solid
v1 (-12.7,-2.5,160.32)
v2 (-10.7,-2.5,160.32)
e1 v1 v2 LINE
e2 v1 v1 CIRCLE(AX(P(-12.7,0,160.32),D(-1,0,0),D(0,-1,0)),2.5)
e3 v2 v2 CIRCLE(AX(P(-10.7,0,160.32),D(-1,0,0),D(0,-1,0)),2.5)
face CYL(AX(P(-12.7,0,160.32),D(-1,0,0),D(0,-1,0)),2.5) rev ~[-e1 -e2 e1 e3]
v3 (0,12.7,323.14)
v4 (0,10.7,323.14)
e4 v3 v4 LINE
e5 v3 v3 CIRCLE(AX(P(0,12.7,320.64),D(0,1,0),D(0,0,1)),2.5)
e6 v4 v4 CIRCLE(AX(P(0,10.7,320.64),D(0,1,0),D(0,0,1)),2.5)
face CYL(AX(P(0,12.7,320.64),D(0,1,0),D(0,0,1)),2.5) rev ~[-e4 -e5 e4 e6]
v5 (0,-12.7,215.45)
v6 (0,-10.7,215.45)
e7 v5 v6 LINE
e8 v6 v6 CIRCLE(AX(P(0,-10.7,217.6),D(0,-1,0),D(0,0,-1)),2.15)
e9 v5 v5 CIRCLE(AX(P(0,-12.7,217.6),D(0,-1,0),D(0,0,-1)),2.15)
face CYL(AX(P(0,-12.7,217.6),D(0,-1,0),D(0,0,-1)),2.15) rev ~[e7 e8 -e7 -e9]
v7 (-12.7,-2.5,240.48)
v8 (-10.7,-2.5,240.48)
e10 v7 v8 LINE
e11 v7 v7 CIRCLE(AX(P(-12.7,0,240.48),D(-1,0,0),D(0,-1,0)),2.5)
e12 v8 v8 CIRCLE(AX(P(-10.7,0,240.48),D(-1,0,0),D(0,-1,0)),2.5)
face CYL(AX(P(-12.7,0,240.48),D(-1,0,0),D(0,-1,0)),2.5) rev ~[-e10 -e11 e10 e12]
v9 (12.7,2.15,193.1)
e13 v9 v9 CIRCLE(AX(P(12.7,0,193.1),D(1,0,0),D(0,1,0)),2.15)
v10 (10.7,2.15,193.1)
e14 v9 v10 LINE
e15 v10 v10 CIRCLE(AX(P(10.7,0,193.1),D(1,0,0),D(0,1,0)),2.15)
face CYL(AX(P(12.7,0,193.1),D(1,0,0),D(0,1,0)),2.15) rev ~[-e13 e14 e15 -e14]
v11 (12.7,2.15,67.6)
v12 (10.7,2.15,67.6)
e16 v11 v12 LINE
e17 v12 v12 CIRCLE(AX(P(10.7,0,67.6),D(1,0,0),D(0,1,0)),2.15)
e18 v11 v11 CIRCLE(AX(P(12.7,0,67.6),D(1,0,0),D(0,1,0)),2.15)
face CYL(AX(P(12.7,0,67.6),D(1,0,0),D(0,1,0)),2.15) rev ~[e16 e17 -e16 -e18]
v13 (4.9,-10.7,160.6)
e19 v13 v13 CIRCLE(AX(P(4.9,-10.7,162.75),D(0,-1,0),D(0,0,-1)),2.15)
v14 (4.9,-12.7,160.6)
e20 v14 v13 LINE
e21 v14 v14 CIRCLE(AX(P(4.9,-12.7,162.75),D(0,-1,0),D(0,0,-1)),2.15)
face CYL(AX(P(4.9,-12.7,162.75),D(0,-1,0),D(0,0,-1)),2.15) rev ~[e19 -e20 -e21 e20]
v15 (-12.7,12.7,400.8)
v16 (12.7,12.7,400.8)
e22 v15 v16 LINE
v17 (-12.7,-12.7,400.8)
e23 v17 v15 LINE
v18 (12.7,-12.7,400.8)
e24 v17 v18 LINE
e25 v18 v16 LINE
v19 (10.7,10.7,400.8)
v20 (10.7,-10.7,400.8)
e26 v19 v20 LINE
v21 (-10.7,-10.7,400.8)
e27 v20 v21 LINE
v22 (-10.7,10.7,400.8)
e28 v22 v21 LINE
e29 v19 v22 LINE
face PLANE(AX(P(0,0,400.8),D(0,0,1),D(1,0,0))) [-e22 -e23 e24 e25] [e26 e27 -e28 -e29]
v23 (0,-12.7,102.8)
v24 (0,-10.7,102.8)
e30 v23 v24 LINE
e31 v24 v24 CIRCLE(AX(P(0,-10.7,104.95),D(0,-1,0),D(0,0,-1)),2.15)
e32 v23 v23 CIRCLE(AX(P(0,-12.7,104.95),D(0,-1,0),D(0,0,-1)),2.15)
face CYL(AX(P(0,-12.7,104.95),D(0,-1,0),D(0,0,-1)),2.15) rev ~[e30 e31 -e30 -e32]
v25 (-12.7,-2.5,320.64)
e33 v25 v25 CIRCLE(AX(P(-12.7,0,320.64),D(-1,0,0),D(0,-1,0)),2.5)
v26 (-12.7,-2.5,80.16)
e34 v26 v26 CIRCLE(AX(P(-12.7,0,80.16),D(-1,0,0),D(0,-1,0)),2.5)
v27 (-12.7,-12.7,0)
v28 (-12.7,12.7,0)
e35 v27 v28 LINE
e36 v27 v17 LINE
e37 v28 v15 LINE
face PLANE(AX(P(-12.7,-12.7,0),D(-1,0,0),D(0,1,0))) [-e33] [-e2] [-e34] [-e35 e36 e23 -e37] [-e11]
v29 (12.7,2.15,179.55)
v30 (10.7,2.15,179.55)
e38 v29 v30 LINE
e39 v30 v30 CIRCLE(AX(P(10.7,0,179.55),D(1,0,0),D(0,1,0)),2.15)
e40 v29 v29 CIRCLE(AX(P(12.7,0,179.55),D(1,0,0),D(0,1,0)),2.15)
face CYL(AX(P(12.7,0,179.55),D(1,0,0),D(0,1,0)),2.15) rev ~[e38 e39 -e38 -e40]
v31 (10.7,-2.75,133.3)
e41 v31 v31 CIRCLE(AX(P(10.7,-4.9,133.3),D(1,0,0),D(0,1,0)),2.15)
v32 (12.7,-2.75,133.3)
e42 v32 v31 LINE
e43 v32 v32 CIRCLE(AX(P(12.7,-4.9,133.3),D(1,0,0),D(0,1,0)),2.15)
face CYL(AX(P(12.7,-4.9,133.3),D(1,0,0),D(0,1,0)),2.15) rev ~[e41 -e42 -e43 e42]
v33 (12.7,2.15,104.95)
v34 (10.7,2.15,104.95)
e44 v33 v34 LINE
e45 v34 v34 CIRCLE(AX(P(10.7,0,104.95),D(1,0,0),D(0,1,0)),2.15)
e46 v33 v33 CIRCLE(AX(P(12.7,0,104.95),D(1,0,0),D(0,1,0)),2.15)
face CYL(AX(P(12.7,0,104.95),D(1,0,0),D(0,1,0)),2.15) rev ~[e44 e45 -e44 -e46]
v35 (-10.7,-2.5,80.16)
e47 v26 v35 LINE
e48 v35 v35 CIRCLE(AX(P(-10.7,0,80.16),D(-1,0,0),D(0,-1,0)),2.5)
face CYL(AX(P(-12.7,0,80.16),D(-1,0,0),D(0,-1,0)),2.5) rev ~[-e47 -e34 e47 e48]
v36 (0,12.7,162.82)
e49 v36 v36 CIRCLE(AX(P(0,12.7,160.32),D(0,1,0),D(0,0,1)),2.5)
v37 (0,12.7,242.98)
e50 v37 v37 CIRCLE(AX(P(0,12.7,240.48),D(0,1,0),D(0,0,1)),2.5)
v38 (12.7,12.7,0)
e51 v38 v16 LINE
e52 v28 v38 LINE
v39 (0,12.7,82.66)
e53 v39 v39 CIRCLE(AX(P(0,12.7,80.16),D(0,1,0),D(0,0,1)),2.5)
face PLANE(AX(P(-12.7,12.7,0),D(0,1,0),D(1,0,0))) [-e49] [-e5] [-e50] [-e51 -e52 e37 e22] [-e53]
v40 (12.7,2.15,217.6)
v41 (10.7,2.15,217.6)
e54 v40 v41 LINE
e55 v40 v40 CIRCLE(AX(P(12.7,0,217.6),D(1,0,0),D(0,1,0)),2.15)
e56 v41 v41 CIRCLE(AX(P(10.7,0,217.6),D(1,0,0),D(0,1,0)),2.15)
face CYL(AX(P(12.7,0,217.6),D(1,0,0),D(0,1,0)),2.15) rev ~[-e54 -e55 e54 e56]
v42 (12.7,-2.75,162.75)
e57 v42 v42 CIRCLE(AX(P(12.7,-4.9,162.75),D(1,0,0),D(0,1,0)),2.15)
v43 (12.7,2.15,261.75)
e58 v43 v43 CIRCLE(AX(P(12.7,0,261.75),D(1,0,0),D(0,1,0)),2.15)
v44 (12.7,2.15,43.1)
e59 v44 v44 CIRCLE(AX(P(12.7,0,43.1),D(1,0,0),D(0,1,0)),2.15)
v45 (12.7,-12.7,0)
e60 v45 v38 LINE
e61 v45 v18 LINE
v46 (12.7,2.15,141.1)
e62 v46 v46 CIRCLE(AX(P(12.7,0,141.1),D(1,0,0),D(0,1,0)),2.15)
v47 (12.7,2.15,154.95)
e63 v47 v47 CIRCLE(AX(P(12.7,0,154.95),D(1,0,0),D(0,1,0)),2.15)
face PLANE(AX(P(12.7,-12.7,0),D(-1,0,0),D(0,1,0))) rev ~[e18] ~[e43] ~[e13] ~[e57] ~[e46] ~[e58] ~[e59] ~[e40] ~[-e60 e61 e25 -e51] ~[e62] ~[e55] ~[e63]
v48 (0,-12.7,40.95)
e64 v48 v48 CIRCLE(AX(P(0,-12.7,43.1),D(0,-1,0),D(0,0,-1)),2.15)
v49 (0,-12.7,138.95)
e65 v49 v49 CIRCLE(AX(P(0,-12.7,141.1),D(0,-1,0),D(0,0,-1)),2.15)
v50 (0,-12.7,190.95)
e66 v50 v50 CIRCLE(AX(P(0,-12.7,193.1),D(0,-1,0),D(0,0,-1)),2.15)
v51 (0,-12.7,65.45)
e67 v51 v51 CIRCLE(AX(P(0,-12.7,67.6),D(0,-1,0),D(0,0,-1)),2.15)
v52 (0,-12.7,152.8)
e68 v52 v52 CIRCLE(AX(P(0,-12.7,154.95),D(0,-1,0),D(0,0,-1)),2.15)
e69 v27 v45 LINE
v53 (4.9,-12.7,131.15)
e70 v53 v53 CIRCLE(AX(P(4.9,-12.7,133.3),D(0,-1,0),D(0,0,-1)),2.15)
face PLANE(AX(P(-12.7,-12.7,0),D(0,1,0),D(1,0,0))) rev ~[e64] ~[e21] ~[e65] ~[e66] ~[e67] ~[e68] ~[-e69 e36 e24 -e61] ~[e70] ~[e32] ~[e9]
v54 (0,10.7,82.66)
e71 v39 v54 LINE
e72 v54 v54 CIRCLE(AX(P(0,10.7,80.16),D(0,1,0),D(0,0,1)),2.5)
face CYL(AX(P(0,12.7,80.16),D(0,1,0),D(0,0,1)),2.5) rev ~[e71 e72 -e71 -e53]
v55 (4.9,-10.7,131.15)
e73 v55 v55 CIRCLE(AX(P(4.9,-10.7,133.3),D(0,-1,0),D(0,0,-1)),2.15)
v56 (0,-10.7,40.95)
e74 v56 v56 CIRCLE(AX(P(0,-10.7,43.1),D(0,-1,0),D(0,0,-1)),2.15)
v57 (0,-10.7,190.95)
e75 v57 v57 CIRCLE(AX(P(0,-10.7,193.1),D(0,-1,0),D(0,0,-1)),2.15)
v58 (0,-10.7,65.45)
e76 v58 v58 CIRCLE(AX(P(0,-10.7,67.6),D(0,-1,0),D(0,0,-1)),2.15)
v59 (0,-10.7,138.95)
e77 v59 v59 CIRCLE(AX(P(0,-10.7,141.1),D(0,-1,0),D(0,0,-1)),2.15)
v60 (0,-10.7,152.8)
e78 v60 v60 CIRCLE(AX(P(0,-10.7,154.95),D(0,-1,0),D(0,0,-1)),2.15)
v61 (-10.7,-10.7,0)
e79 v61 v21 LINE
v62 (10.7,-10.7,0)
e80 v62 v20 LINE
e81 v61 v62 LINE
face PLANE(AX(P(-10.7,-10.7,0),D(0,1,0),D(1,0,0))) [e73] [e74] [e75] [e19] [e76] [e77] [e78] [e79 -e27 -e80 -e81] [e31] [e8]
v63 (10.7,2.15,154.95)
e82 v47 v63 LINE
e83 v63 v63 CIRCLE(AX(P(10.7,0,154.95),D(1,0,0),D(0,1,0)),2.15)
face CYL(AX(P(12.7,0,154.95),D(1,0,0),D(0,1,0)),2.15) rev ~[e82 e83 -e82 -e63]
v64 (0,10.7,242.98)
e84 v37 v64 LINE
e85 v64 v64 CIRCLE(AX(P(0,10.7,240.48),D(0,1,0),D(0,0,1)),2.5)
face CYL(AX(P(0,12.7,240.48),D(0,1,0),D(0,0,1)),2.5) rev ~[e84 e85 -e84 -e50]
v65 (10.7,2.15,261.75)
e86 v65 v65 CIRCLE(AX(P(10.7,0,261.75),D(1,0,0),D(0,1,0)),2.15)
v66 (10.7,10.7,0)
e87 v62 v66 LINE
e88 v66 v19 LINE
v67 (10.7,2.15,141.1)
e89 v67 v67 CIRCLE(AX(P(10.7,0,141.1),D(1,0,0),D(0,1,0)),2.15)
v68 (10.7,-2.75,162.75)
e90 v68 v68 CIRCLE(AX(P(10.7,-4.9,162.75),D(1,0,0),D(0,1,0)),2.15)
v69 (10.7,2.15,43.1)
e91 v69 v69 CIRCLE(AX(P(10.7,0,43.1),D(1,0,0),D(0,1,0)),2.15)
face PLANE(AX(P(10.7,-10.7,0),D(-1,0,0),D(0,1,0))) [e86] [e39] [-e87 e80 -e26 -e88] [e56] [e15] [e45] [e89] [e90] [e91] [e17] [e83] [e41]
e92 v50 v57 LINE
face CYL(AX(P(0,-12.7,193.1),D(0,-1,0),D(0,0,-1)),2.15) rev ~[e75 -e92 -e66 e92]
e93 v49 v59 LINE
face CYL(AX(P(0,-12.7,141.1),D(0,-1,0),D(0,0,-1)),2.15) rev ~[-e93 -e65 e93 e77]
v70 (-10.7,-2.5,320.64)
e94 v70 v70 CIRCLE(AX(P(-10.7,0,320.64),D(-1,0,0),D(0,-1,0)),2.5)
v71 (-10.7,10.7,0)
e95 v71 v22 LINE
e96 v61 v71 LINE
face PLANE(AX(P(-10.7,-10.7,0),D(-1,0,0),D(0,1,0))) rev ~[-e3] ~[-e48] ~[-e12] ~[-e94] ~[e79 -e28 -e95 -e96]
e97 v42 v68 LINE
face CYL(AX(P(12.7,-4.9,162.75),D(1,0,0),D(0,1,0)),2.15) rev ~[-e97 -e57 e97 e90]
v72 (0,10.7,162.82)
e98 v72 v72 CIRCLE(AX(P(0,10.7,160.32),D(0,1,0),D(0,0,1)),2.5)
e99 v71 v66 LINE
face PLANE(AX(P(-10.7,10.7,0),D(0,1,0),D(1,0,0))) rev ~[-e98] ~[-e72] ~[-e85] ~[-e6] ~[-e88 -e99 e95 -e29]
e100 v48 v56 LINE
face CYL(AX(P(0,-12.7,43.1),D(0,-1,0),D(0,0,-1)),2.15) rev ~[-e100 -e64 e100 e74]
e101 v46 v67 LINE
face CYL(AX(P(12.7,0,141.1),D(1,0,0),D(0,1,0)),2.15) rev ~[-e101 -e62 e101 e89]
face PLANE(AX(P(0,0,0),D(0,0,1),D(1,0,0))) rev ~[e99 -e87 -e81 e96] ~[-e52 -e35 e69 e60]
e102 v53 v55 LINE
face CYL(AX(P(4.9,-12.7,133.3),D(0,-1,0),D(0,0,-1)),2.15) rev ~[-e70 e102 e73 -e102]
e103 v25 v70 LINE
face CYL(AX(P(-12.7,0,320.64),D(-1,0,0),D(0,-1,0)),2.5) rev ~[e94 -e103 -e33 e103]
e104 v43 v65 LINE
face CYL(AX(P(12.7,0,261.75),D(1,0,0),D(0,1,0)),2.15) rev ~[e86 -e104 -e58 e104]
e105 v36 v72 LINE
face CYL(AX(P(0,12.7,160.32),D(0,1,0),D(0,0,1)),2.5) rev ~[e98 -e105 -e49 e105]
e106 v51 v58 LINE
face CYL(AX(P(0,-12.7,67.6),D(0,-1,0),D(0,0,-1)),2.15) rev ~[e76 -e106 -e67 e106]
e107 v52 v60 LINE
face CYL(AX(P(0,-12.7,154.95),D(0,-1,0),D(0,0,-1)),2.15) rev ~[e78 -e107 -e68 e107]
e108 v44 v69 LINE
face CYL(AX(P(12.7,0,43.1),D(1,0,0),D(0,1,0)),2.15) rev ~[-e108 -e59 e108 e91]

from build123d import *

# Parameters (mm, degrees)
SKETCH_1_W           = 25.4
SKETCH_1_H           = 25.4
EXTRUDE_1_DEPTH      = 400.8
SKETCH_1_3_W         = 21.4
SKETCH_1_3_H         = 21.4
CUT_EXTRUDE_1_DEPTH  = 402.202218339
SKETCH_2_R           = 2.15
CUT_EXTRUDE_2_DEPTH  = 3
SKETCH_3_R           = 2.15
CUT_EXTRUDE_3_DEPTH  = 3
SKETCH_4_R           = 2.15
CUT_EXTRUDE_4_DEPTH  = 3
SKETCH_5_R           = 2.149999993
CUT_EXTRUDE_5_DEPTH  = 5
SKETCH_6_R           = 2.15
CUT_EXTRUDE_6_DEPTH  = 5
SKETCH_7_R           = 2.15
CUT_EXTRUDE_7_DEPTH  = 5
SKETCH_8_R           = 2.15
CUT_EXTRUDE_8_DEPTH  = 5
SKETCH_9_R           = 2.15
CUT_EXTRUDE_9_DEPTH  = 5
SKETCH_10_R          = 2.15
CUT_EXTRUDE_10_DEPTH = 5
SKETCH_12_R          = 2.15
CUT_EXTRUDE_11_DEPTH = 5
SKETCH_13_R          = 2.15
CUT_EXTRUDE_12_DEPTH = 5
SKETCH_14_R          = 2.15
CUT_EXTRUDE_13_DEPTH = 5
SKETCH_15_R          = 2.15
CUT_EXTRUDE_14_DEPTH = 5
SKETCH_16_R          = 2.5
CUT_EXTRUDE_15_DEPTH = 10
SKETCH_17_R          = 2.5
CUT_EXTRUDE_16_DEPTH = 10


with BuildPart() as part:
    # 草圖1 → 填料-伸長1 (new body)
    with BuildSketch(Plane.XY):
        Rectangle(SKETCH_1_W, SKETCH_1_H)
    extrude(amount=EXTRUDE_1_DEPTH)

    # 草圖1<3> → 除料-伸長1 (cut, through all)
    with BuildSketch(Plane.XY):
        Rectangle(SKETCH_1_3_W, SKETCH_1_3_H)
    extrude(amount=CUT_EXTRUDE_1_DEPTH, mode=Mode.SUBTRACT)

    # 草圖2 → 除料-伸長2 (cut)
    with BuildSketch(Plane(origin=(12.7, 0, 0), x_dir=(0, 0, -1), z_dir=(1, 0, 0))):
        with Locations((-43.1, 0)):
            Circle(SKETCH_2_R)
        with Locations((-67.6, 0)):
            Circle(SKETCH_2_R)
    extrude(amount=-CUT_EXTRUDE_2_DEPTH, mode=Mode.SUBTRACT)

    # 草圖3 → 除料-伸長3 (cut)
    with BuildSketch(Plane.XZ.offset(12.7)):
        with Locations((0, 43.1)):
            Circle(SKETCH_3_R)
        with Locations((0, 67.6)):
            Circle(SKETCH_3_R)
    extrude(amount=-CUT_EXTRUDE_3_DEPTH, mode=Mode.SUBTRACT)

    # 草圖4 → 除料-伸長4 (cut)
    with BuildSketch(Plane(origin=(12.7, 0, 0), x_dir=(0, 0, -1), z_dir=(1, 0, 0))):
        with Locations((-104.95, 0)):
            Circle(SKETCH_4_R)
    extrude(amount=-CUT_EXTRUDE_4_DEPTH, mode=Mode.SUBTRACT)

    # 草圖5 → 除料-伸長5 (cut)
    with BuildSketch(Plane.XZ.offset(12.7)):
        with Locations((0, 104.95)):
            Circle(SKETCH_5_R)
    extrude(amount=-CUT_EXTRUDE_5_DEPTH, mode=Mode.SUBTRACT)

    # 草圖6 → 除料-伸長6 (cut)
    with BuildSketch(Plane(origin=(12.7, 0, 0), x_dir=(0, 0, -1), z_dir=(1, 0, 0))):
        with Locations((-141.100000024, 0)):
            Circle(SKETCH_6_R)
    extrude(amount=-CUT_EXTRUDE_6_DEPTH, mode=Mode.SUBTRACT)

    # 草圖7 → 除料-伸長7 (cut)
    with BuildSketch(Plane.XZ.offset(12.7)):
        with Locations((0, 141.100000023)):
            Circle(SKETCH_7_R)
    extrude(amount=-CUT_EXTRUDE_7_DEPTH, mode=Mode.SUBTRACT)

    # 草圖8 → 除料-伸長8 (cut)
    with BuildSketch(Plane.XZ.offset(12.7)):
        with Locations((4.9, 133.3)):
            Circle(SKETCH_8_R)
        with Locations((4.9, 162.75)):
            Circle(SKETCH_8_R)
    extrude(amount=-CUT_EXTRUDE_8_DEPTH, mode=Mode.SUBTRACT)

    # 草圖9 → 除料-伸長9 (cut)
    with BuildSketch(Plane.XZ.offset(12.7)):
        with Locations((0, 154.95)):
            Circle(SKETCH_9_R)
    extrude(amount=-CUT_EXTRUDE_9_DEPTH, mode=Mode.SUBTRACT)

    # 草圖10 → 除料-伸長10 (cut)
    with BuildSketch(Plane(origin=(12.7, 0, 0), x_dir=(0, 0, -1), z_dir=(1, 0, 0))):
        with Locations((-154.95, 0)):
            Circle(SKETCH_10_R)
    extrude(amount=-CUT_EXTRUDE_10_DEPTH, mode=Mode.SUBTRACT)

    # 草圖12 → 除料-伸長11 (cut)
    with BuildSketch(Plane(origin=(12.7, 0, 0), x_dir=(0, 0, -1), z_dir=(1, 0, 0))):
        with Locations((-133.3, -4.9)):
            Circle(SKETCH_12_R)
        with Locations((-162.75, -4.9)):
            Circle(SKETCH_12_R)
    extrude(amount=-CUT_EXTRUDE_11_DEPTH, mode=Mode.SUBTRACT)

    # 草圖13 → 除料-伸長12 (cut)
    with BuildSketch(Plane(origin=(12.7, 0, 0), x_dir=(0, 0, -1), z_dir=(1, 0, 0))):
        with Locations((-179.55, 0)):
            Circle(SKETCH_13_R)
        with Locations((-261.75, 0)):
            Circle(SKETCH_13_R)
    extrude(amount=-CUT_EXTRUDE_12_DEPTH, mode=Mode.SUBTRACT)

    # 草圖14 → 除料-伸長13 (cut)
    with BuildSketch(Plane(origin=(12.7, 0, 0), x_dir=(0, 0, -1), z_dir=(1, 0, 0))):
        with Locations((-193.100000003, 0)):
            Circle(SKETCH_14_R)
        with Locations((-217.600000003, 0)):
            Circle(SKETCH_14_R)
    extrude(amount=-CUT_EXTRUDE_13_DEPTH, mode=Mode.SUBTRACT)

    # 草圖15 → 除料-伸長14 (cut)
    with BuildSketch(Plane.XZ.offset(12.7)):
        with Locations((-8e-09, 193.099999997)):
            Circle(SKETCH_15_R)
        with Locations((-8e-09, 217.599999997)):
            Circle(SKETCH_15_R)
    extrude(amount=-CUT_EXTRUDE_14_DEPTH, mode=Mode.SUBTRACT)

    # 草圖16 → 除料-伸長15 (cut)
    with BuildSketch(Plane(origin=(0, 12.7, 0), x_dir=(1, 0, 0), z_dir=(0, 1, 0))):
        with Locations((0, -240.48)):
            Circle(SKETCH_16_R)
        with Locations((0, -320.64)):
            Circle(SKETCH_16_R)
        with Locations((0, -160.32)):
            Circle(SKETCH_16_R)
        with Locations((0, -80.16)):
            Circle(SKETCH_16_R)
    extrude(amount=-CUT_EXTRUDE_15_DEPTH, mode=Mode.SUBTRACT)

    # 草圖17 → 除料-伸長16 (cut)
    with BuildSketch(Plane.ZY.offset(12.7)):
        with Locations((80.16, 0)):
            Circle(SKETCH_17_R)
        with Locations((160.32, 0)):
            Circle(SKETCH_17_R)
        with Locations((240.48, 0)):
            Circle(SKETCH_17_R)
        with Locations((320.64, 0)):
            Circle(SKETCH_17_R)
    extrude(amount=-CUT_EXTRUDE_16_DEPTH, mode=Mode.SUBTRACT)


solid = part.part
